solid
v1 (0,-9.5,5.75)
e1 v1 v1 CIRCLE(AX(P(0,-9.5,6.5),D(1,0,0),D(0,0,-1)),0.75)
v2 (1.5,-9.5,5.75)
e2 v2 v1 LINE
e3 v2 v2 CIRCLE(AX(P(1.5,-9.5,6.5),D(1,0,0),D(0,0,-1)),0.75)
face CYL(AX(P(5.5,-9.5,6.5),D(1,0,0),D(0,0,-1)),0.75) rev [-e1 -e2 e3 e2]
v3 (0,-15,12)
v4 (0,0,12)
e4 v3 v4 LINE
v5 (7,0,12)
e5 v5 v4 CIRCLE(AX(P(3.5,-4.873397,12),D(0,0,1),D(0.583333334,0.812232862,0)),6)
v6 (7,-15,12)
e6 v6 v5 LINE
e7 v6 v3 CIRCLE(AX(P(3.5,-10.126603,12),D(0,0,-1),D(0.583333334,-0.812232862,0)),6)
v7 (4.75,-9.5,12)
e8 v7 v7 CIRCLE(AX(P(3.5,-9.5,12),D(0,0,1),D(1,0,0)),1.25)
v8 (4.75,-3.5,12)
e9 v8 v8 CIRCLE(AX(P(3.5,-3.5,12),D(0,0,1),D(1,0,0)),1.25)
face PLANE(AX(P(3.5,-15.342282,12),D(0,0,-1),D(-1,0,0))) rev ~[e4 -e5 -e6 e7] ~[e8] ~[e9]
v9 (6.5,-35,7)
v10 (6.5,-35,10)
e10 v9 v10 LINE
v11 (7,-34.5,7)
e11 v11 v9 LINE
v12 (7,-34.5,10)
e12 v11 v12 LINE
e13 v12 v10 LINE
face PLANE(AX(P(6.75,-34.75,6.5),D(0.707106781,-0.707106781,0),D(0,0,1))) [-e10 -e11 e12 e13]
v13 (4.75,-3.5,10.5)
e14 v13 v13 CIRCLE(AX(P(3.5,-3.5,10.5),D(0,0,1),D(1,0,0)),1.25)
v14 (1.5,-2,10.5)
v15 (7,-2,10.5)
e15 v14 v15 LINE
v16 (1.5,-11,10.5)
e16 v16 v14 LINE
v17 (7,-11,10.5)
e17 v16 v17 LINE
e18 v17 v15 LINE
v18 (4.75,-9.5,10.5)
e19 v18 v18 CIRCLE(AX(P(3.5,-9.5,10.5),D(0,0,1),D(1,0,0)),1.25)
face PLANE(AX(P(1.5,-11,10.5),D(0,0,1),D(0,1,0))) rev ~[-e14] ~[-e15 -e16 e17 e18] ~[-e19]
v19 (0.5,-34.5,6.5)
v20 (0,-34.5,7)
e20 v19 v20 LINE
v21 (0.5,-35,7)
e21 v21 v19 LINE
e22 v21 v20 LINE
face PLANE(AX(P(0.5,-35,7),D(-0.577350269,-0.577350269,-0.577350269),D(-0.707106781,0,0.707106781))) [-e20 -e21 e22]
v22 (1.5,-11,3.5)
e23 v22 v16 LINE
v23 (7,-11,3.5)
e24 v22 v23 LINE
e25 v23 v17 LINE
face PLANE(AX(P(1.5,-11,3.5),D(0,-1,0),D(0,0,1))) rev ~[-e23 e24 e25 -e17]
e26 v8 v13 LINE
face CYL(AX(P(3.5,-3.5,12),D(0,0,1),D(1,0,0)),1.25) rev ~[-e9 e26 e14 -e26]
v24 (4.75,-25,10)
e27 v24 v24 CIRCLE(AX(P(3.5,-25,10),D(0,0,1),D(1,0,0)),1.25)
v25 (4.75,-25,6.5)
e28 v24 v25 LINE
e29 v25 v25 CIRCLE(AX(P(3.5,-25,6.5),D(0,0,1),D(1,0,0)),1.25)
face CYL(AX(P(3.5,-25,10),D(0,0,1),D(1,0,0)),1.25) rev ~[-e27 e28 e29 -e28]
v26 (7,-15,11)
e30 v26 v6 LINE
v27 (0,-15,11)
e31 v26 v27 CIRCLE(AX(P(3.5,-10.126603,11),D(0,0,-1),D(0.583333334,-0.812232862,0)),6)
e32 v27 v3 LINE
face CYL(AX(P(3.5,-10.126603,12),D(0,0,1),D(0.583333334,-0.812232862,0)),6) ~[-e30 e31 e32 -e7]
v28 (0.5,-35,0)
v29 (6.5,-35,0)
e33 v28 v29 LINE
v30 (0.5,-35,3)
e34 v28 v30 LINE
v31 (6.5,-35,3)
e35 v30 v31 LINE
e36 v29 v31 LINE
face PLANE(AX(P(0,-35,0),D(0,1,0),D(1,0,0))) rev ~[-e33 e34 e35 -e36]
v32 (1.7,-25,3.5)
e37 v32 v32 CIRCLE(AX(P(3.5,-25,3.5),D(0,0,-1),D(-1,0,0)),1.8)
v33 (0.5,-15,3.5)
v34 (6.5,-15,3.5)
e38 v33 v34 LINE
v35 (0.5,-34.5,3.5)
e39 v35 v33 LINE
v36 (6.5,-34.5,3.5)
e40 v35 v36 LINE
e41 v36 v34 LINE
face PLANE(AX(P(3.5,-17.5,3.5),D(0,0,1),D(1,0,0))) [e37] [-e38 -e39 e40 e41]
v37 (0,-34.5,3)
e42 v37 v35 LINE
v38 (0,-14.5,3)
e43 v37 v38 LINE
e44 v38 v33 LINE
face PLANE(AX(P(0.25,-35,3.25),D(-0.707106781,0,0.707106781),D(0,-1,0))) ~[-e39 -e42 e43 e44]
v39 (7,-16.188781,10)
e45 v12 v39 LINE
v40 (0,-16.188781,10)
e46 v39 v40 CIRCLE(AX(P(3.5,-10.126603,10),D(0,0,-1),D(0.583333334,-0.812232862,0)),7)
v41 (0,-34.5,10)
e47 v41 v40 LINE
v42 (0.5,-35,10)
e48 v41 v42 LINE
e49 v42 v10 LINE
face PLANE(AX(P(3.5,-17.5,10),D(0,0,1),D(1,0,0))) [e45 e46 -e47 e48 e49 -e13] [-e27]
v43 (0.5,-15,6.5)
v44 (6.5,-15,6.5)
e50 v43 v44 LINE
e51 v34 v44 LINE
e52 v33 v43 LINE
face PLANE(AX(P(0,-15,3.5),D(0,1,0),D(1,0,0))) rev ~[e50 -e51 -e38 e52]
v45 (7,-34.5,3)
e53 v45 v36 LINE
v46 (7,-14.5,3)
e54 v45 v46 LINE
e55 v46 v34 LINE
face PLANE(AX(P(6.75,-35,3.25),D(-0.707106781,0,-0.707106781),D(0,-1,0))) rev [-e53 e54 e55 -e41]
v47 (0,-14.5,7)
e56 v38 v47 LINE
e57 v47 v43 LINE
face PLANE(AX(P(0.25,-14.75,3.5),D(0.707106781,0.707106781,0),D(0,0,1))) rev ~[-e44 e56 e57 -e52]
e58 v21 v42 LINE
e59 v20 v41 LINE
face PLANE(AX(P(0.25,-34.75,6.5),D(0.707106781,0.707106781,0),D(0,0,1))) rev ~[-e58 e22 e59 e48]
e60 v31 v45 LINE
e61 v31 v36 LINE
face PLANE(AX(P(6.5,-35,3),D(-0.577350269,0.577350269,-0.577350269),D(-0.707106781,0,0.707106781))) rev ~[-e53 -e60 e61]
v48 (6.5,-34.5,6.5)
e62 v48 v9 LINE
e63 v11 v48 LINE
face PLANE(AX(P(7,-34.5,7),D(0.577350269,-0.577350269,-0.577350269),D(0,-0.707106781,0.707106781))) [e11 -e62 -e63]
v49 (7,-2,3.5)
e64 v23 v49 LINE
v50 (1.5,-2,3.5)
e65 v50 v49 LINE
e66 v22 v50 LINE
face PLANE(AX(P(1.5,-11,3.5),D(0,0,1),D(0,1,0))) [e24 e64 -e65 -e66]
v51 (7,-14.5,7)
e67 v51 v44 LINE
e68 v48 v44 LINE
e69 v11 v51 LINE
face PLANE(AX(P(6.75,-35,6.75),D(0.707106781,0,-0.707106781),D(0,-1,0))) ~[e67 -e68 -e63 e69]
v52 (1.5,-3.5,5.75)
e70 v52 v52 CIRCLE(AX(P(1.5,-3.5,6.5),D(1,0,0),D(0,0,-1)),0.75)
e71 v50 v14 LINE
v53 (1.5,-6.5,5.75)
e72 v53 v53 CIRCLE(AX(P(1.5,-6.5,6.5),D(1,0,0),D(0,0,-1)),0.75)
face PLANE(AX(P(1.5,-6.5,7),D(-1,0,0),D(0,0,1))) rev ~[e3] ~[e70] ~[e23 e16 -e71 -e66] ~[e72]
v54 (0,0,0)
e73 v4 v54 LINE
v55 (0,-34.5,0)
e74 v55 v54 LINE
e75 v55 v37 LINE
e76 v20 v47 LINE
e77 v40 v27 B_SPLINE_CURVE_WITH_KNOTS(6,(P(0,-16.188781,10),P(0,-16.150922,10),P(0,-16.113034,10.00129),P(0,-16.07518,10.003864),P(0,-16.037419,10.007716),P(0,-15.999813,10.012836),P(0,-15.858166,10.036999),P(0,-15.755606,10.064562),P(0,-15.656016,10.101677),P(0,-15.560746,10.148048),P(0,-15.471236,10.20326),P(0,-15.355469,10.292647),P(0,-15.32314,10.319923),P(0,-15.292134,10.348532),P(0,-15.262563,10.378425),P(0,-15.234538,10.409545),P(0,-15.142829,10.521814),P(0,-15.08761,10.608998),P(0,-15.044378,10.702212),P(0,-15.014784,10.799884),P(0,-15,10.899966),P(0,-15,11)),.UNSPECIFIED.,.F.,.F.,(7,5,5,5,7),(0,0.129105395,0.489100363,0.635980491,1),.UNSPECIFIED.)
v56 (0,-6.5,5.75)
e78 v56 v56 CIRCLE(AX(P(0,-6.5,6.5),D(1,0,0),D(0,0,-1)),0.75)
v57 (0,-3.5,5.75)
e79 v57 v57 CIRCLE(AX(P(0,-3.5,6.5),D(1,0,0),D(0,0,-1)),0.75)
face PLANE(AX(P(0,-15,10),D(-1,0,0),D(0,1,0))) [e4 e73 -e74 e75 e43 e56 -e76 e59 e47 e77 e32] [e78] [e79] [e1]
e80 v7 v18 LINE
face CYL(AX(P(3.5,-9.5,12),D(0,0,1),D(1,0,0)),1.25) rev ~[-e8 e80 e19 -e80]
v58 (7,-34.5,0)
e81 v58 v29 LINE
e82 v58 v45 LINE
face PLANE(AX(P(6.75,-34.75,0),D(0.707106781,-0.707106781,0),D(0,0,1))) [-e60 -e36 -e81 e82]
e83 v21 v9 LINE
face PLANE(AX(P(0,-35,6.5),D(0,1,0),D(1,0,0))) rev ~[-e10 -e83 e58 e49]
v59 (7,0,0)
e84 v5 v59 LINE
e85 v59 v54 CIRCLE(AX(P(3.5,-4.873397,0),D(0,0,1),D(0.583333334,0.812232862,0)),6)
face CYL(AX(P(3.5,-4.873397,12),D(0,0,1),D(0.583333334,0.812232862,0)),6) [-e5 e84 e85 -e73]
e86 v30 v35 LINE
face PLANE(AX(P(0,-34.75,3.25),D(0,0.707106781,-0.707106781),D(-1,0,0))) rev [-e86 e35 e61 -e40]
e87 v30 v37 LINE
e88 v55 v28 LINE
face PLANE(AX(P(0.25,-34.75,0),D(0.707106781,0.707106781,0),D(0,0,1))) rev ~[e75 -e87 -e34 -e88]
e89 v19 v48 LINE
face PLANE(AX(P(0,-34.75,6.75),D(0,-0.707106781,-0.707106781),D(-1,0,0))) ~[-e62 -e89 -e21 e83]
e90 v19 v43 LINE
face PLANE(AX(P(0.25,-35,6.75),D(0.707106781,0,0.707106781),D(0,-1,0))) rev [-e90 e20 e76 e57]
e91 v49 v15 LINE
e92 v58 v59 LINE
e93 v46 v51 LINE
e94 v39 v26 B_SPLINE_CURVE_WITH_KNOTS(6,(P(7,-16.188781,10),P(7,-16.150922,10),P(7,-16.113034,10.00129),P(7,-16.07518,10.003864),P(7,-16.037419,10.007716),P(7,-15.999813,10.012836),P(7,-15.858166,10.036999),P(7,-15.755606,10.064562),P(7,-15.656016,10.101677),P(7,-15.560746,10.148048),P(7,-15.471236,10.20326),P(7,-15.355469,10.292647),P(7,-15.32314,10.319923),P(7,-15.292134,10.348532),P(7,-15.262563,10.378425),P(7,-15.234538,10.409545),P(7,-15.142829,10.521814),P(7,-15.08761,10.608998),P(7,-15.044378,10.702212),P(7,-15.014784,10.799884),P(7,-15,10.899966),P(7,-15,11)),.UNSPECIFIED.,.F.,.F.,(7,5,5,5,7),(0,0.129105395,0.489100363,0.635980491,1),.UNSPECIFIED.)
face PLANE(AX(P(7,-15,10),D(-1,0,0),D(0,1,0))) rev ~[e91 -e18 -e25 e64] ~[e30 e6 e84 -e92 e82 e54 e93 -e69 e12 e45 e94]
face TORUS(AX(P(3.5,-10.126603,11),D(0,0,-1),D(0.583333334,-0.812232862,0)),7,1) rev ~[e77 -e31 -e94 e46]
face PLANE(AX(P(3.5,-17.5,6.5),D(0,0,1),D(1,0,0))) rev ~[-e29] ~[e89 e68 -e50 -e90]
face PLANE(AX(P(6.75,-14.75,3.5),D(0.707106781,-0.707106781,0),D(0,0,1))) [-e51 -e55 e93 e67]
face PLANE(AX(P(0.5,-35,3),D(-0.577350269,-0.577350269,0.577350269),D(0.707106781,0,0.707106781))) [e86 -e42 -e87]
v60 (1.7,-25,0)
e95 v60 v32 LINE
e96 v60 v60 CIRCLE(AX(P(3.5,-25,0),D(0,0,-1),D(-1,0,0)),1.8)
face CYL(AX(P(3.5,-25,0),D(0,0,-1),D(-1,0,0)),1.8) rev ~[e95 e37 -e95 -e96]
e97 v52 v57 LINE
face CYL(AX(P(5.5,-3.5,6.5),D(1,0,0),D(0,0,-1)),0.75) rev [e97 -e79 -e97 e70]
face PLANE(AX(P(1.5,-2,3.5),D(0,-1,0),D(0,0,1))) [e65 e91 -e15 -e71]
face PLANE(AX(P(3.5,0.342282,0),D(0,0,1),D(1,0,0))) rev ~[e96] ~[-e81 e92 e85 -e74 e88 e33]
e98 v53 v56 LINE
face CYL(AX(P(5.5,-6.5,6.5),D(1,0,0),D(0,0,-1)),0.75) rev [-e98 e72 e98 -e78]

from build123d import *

# Parameters (mm, degrees)
SKETCH1_W           = 7
SKETCH1_H           = 35
BOSS_EXTRUDE1_DEPTH = 3.5
SKETCH2_W           = 7
SKETCH2_H           = 15
BOSS_EXTRUDE2_DEPTH = 3
SKETCH3_W           = 7
SKETCH3_H           = 35
BOSS_EXTRUDE3_DEPTH = 3.5
SKETCH4_W           = 7
SKETCH4_H           = 15
BOSS_EXTRUDE4_DEPTH = 2
CUT_EXTRUDE1_START  = -1.5
SKETCH5_W           = 7
SKETCH5_H           = 9
CUT_EXTRUDE1_DEPTH  = 5.5
CUT_EXTRUDE2_REACH  = 39.407
SKETCH6_R           = 0.75
CUT_EXTRUDE3_REACH  = 39.656
SKETCH7_R           = 1.25
BOSS_EXTRUDE5_DEPTH = 12
BOSS_EXTRUDE6_DEPTH = 2
CHAMFER1_SIZE       = 0.5
CUT_EXTRUDE4_REACH  = 39.068
SKETCH11_R          = 1.25
CUT_EXTRUDE5_REACH  = 39.656
SKETCH12_R          = 1.8
FILLET1_R           = 1


with BuildPart() as part:
    # Sketch1 → Boss-Extrude1 (new body)
    with BuildSketch(Plane.XY):
        with Locations((3.5, -17.5)):
            Rectangle(SKETCH1_W, SKETCH1_H)
    extrude(amount=BOSS_EXTRUDE1_DEPTH)

    # Sketch2 → Boss-Extrude2 (add)
    with BuildSketch(Plane.XY.offset(3.5)):
        with Locations((3.5, -7.5)):
            Rectangle(SKETCH2_W, SKETCH2_H)
    extrude(amount=BOSS_EXTRUDE2_DEPTH)

    # Sketch3 → Boss-Extrude3 (add)
    with BuildSketch(Plane.XY.offset(6.5)):
        with Locations((3.5, -17.5)):
            Rectangle(SKETCH3_W, SKETCH3_H)
    extrude(amount=BOSS_EXTRUDE3_DEPTH)

    # Sketch4 → Boss-Extrude4 (add)
    with BuildSketch(Plane.XY.offset(10)):
        with Locations((3.5, -7.5)):
            Rectangle(SKETCH4_W, SKETCH4_H)
    extrude(amount=BOSS_EXTRUDE4_DEPTH)

    # Sketch5 → Cut-Extrude1 (cut)
    with BuildSketch(Plane.ZY.offset(CUT_EXTRUDE1_START)):
        with Locations((7, -6.5)):
            Rectangle(SKETCH5_W, SKETCH5_H)
    extrude(amount=-CUT_EXTRUDE1_DEPTH, mode=Mode.SUBTRACT)

    # Sketch6 → Cut-Extrude2 (cut, up to next)
    with BuildSketch(Plane.ZY.offset(-5.5), mode=Mode.PRIVATE) as cut_extrude2_sk1:
        with Locations(Location((6.5, -3.5, 0), (0, 0, 180))):
            Circle(SKETCH6_R)
    cut_extrude2_tool1 = extrude(cut_extrude2_sk1.sketch, amount=CUT_EXTRUDE2_REACH, mode=Mode.PRIVATE) & part.part
    # Sketch6 → Cut-Extrude2 (cut, up to next)
    with BuildSketch(Plane.ZY.offset(-5.5), mode=Mode.PRIVATE) as cut_extrude2_sk2:
        with Locations(Location((6.5, -9.5, 0), (0, 0, 180))):
            Circle(SKETCH6_R)
    cut_extrude2_tool2 = extrude(cut_extrude2_sk2.sketch, amount=CUT_EXTRUDE2_REACH, mode=Mode.PRIVATE) & part.part
    # Sketch6 → Cut-Extrude2 (cut, up to next)
    with BuildSketch(Plane.ZY.offset(-5.5), mode=Mode.PRIVATE) as cut_extrude2_sk3:
        with Locations(Location((6.5, -6.5, 0), (0, 0, 180))):
            Circle(SKETCH6_R)
    cut_extrude2_tool3 = extrude(cut_extrude2_sk3.sketch, amount=CUT_EXTRUDE2_REACH, mode=Mode.PRIVATE) & part.part
    add(cut_extrude2_tool1.solids().sort_by_distance((5.5, -3.5, 6.5))[0], mode=Mode.SUBTRACT)
    add(cut_extrude2_tool2.solids().sort_by_distance((5.5, -9.5, 6.5))[0], mode=Mode.SUBTRACT)
    add(cut_extrude2_tool3.solids().sort_by_distance((5.5, -6.5, 6.5))[0], mode=Mode.SUBTRACT)

    # Sketch7 → Cut-Extrude3 (cut, up to next)
    with BuildSketch(Plane.XY.offset(12), mode=Mode.PRIVATE) as cut_extrude3_sk1:
        with Locations((3.5, -3.5)):
            Circle(SKETCH7_R)
    cut_extrude3_tool1 = extrude(cut_extrude3_sk1.sketch, amount=-CUT_EXTRUDE3_REACH, mode=Mode.PRIVATE) & part.part
    # Sketch7 → Cut-Extrude3 (cut, up to next)
    with BuildSketch(Plane.XY.offset(12), mode=Mode.PRIVATE) as cut_extrude3_sk2:
        with Locations((3.5, -9.5)):
            Circle(SKETCH7_R)
    cut_extrude3_tool2 = extrude(cut_extrude3_sk2.sketch, amount=-CUT_EXTRUDE3_REACH, mode=Mode.PRIVATE) & part.part
    add(cut_extrude3_tool1.solids().sort_by_distance((3.5, -3.5, 12))[0], mode=Mode.SUBTRACT)
    add(cut_extrude3_tool2.solids().sort_by_distance((3.5, -9.5, 12))[0], mode=Mode.SUBTRACT)

    # Sketch9 → Boss-Extrude5 (add)
    with BuildSketch(Plane.XY.offset(12)):
        with BuildLine():
            Line((0, 0), (7, 0))
            ThreePointArc((7, 0), (3.5, 1.126602828), (0, 0))
        make_face()
    extrude(amount=-BOSS_EXTRUDE5_DEPTH)

    # Sketch10 → Boss-Extrude6 (add)
    with BuildSketch(Plane.XY.offset(12)):
        with BuildLine():
            Line((0, -15), (7, -15))
            ThreePointArc((7, -15), (3.5, -16.126602828), (0, -15))
        make_face()
    extrude(amount=-BOSS_EXTRUDE6_DEPTH)

    # Chamfer1
    chamfer1_edges = [part.edges().sort_by_distance(p)[0] for p in [
        (7, -25, 3.5),
        (0, -25, 3.5),
        (0, -15, 5),
        (7, -15, 5),
        (0, -25, 6.5),
        (3.5, -35, 6.5),
        (0, -35, 8.25),
        (7, -25, 6.5),
        (7, -35, 8.25),
        (7, -35, 1.75),
        (0, -35, 1.75),
        (3.5, -35, 3.5),
    ]]
    chamfer(chamfer1_edges, length=CHAMFER1_SIZE)

    # Sketch11 → Cut-Extrude4 (cut, up to next)
    with BuildSketch(Plane.XY.offset(10), mode=Mode.PRIVATE) as cut_extrude4_sk1:
        with Locations((3.5, -25)):
            Circle(SKETCH11_R)
    cut_extrude4_tool1 = extrude(cut_extrude4_sk1.sketch, amount=-CUT_EXTRUDE4_REACH, mode=Mode.PRIVATE) & part.part
    add(cut_extrude4_tool1.solids().sort_by_distance((3.5, -25, 10))[0], mode=Mode.SUBTRACT)

    # Sketch12 → Cut-Extrude5 (cut, up to next)
    with BuildSketch(Plane(origin=(0, 0, 0), x_dir=(-1, 0, 0), z_dir=(0, 0, -1)), mode=Mode.PRIVATE) as cut_extrude5_sk1:
        with Locations((-3.5, -25)):
            Circle(SKETCH12_R)
    cut_extrude5_tool1 = extrude(cut_extrude5_sk1.sketch, amount=-CUT_EXTRUDE5_REACH, mode=Mode.PRIVATE) & part.part
    add(cut_extrude5_tool1.solids().sort_by_distance((3.5, -25, 0))[0], mode=Mode.SUBTRACT)

    # Fillet1
    fillet1_edges = [part.edges().sort_by_distance(p)[0] for p in [
        (3.5, -16.126602828, 10),
    ]]
    fillet(fillet1_edges, radius=FILLET1_R)


solid = part.part
